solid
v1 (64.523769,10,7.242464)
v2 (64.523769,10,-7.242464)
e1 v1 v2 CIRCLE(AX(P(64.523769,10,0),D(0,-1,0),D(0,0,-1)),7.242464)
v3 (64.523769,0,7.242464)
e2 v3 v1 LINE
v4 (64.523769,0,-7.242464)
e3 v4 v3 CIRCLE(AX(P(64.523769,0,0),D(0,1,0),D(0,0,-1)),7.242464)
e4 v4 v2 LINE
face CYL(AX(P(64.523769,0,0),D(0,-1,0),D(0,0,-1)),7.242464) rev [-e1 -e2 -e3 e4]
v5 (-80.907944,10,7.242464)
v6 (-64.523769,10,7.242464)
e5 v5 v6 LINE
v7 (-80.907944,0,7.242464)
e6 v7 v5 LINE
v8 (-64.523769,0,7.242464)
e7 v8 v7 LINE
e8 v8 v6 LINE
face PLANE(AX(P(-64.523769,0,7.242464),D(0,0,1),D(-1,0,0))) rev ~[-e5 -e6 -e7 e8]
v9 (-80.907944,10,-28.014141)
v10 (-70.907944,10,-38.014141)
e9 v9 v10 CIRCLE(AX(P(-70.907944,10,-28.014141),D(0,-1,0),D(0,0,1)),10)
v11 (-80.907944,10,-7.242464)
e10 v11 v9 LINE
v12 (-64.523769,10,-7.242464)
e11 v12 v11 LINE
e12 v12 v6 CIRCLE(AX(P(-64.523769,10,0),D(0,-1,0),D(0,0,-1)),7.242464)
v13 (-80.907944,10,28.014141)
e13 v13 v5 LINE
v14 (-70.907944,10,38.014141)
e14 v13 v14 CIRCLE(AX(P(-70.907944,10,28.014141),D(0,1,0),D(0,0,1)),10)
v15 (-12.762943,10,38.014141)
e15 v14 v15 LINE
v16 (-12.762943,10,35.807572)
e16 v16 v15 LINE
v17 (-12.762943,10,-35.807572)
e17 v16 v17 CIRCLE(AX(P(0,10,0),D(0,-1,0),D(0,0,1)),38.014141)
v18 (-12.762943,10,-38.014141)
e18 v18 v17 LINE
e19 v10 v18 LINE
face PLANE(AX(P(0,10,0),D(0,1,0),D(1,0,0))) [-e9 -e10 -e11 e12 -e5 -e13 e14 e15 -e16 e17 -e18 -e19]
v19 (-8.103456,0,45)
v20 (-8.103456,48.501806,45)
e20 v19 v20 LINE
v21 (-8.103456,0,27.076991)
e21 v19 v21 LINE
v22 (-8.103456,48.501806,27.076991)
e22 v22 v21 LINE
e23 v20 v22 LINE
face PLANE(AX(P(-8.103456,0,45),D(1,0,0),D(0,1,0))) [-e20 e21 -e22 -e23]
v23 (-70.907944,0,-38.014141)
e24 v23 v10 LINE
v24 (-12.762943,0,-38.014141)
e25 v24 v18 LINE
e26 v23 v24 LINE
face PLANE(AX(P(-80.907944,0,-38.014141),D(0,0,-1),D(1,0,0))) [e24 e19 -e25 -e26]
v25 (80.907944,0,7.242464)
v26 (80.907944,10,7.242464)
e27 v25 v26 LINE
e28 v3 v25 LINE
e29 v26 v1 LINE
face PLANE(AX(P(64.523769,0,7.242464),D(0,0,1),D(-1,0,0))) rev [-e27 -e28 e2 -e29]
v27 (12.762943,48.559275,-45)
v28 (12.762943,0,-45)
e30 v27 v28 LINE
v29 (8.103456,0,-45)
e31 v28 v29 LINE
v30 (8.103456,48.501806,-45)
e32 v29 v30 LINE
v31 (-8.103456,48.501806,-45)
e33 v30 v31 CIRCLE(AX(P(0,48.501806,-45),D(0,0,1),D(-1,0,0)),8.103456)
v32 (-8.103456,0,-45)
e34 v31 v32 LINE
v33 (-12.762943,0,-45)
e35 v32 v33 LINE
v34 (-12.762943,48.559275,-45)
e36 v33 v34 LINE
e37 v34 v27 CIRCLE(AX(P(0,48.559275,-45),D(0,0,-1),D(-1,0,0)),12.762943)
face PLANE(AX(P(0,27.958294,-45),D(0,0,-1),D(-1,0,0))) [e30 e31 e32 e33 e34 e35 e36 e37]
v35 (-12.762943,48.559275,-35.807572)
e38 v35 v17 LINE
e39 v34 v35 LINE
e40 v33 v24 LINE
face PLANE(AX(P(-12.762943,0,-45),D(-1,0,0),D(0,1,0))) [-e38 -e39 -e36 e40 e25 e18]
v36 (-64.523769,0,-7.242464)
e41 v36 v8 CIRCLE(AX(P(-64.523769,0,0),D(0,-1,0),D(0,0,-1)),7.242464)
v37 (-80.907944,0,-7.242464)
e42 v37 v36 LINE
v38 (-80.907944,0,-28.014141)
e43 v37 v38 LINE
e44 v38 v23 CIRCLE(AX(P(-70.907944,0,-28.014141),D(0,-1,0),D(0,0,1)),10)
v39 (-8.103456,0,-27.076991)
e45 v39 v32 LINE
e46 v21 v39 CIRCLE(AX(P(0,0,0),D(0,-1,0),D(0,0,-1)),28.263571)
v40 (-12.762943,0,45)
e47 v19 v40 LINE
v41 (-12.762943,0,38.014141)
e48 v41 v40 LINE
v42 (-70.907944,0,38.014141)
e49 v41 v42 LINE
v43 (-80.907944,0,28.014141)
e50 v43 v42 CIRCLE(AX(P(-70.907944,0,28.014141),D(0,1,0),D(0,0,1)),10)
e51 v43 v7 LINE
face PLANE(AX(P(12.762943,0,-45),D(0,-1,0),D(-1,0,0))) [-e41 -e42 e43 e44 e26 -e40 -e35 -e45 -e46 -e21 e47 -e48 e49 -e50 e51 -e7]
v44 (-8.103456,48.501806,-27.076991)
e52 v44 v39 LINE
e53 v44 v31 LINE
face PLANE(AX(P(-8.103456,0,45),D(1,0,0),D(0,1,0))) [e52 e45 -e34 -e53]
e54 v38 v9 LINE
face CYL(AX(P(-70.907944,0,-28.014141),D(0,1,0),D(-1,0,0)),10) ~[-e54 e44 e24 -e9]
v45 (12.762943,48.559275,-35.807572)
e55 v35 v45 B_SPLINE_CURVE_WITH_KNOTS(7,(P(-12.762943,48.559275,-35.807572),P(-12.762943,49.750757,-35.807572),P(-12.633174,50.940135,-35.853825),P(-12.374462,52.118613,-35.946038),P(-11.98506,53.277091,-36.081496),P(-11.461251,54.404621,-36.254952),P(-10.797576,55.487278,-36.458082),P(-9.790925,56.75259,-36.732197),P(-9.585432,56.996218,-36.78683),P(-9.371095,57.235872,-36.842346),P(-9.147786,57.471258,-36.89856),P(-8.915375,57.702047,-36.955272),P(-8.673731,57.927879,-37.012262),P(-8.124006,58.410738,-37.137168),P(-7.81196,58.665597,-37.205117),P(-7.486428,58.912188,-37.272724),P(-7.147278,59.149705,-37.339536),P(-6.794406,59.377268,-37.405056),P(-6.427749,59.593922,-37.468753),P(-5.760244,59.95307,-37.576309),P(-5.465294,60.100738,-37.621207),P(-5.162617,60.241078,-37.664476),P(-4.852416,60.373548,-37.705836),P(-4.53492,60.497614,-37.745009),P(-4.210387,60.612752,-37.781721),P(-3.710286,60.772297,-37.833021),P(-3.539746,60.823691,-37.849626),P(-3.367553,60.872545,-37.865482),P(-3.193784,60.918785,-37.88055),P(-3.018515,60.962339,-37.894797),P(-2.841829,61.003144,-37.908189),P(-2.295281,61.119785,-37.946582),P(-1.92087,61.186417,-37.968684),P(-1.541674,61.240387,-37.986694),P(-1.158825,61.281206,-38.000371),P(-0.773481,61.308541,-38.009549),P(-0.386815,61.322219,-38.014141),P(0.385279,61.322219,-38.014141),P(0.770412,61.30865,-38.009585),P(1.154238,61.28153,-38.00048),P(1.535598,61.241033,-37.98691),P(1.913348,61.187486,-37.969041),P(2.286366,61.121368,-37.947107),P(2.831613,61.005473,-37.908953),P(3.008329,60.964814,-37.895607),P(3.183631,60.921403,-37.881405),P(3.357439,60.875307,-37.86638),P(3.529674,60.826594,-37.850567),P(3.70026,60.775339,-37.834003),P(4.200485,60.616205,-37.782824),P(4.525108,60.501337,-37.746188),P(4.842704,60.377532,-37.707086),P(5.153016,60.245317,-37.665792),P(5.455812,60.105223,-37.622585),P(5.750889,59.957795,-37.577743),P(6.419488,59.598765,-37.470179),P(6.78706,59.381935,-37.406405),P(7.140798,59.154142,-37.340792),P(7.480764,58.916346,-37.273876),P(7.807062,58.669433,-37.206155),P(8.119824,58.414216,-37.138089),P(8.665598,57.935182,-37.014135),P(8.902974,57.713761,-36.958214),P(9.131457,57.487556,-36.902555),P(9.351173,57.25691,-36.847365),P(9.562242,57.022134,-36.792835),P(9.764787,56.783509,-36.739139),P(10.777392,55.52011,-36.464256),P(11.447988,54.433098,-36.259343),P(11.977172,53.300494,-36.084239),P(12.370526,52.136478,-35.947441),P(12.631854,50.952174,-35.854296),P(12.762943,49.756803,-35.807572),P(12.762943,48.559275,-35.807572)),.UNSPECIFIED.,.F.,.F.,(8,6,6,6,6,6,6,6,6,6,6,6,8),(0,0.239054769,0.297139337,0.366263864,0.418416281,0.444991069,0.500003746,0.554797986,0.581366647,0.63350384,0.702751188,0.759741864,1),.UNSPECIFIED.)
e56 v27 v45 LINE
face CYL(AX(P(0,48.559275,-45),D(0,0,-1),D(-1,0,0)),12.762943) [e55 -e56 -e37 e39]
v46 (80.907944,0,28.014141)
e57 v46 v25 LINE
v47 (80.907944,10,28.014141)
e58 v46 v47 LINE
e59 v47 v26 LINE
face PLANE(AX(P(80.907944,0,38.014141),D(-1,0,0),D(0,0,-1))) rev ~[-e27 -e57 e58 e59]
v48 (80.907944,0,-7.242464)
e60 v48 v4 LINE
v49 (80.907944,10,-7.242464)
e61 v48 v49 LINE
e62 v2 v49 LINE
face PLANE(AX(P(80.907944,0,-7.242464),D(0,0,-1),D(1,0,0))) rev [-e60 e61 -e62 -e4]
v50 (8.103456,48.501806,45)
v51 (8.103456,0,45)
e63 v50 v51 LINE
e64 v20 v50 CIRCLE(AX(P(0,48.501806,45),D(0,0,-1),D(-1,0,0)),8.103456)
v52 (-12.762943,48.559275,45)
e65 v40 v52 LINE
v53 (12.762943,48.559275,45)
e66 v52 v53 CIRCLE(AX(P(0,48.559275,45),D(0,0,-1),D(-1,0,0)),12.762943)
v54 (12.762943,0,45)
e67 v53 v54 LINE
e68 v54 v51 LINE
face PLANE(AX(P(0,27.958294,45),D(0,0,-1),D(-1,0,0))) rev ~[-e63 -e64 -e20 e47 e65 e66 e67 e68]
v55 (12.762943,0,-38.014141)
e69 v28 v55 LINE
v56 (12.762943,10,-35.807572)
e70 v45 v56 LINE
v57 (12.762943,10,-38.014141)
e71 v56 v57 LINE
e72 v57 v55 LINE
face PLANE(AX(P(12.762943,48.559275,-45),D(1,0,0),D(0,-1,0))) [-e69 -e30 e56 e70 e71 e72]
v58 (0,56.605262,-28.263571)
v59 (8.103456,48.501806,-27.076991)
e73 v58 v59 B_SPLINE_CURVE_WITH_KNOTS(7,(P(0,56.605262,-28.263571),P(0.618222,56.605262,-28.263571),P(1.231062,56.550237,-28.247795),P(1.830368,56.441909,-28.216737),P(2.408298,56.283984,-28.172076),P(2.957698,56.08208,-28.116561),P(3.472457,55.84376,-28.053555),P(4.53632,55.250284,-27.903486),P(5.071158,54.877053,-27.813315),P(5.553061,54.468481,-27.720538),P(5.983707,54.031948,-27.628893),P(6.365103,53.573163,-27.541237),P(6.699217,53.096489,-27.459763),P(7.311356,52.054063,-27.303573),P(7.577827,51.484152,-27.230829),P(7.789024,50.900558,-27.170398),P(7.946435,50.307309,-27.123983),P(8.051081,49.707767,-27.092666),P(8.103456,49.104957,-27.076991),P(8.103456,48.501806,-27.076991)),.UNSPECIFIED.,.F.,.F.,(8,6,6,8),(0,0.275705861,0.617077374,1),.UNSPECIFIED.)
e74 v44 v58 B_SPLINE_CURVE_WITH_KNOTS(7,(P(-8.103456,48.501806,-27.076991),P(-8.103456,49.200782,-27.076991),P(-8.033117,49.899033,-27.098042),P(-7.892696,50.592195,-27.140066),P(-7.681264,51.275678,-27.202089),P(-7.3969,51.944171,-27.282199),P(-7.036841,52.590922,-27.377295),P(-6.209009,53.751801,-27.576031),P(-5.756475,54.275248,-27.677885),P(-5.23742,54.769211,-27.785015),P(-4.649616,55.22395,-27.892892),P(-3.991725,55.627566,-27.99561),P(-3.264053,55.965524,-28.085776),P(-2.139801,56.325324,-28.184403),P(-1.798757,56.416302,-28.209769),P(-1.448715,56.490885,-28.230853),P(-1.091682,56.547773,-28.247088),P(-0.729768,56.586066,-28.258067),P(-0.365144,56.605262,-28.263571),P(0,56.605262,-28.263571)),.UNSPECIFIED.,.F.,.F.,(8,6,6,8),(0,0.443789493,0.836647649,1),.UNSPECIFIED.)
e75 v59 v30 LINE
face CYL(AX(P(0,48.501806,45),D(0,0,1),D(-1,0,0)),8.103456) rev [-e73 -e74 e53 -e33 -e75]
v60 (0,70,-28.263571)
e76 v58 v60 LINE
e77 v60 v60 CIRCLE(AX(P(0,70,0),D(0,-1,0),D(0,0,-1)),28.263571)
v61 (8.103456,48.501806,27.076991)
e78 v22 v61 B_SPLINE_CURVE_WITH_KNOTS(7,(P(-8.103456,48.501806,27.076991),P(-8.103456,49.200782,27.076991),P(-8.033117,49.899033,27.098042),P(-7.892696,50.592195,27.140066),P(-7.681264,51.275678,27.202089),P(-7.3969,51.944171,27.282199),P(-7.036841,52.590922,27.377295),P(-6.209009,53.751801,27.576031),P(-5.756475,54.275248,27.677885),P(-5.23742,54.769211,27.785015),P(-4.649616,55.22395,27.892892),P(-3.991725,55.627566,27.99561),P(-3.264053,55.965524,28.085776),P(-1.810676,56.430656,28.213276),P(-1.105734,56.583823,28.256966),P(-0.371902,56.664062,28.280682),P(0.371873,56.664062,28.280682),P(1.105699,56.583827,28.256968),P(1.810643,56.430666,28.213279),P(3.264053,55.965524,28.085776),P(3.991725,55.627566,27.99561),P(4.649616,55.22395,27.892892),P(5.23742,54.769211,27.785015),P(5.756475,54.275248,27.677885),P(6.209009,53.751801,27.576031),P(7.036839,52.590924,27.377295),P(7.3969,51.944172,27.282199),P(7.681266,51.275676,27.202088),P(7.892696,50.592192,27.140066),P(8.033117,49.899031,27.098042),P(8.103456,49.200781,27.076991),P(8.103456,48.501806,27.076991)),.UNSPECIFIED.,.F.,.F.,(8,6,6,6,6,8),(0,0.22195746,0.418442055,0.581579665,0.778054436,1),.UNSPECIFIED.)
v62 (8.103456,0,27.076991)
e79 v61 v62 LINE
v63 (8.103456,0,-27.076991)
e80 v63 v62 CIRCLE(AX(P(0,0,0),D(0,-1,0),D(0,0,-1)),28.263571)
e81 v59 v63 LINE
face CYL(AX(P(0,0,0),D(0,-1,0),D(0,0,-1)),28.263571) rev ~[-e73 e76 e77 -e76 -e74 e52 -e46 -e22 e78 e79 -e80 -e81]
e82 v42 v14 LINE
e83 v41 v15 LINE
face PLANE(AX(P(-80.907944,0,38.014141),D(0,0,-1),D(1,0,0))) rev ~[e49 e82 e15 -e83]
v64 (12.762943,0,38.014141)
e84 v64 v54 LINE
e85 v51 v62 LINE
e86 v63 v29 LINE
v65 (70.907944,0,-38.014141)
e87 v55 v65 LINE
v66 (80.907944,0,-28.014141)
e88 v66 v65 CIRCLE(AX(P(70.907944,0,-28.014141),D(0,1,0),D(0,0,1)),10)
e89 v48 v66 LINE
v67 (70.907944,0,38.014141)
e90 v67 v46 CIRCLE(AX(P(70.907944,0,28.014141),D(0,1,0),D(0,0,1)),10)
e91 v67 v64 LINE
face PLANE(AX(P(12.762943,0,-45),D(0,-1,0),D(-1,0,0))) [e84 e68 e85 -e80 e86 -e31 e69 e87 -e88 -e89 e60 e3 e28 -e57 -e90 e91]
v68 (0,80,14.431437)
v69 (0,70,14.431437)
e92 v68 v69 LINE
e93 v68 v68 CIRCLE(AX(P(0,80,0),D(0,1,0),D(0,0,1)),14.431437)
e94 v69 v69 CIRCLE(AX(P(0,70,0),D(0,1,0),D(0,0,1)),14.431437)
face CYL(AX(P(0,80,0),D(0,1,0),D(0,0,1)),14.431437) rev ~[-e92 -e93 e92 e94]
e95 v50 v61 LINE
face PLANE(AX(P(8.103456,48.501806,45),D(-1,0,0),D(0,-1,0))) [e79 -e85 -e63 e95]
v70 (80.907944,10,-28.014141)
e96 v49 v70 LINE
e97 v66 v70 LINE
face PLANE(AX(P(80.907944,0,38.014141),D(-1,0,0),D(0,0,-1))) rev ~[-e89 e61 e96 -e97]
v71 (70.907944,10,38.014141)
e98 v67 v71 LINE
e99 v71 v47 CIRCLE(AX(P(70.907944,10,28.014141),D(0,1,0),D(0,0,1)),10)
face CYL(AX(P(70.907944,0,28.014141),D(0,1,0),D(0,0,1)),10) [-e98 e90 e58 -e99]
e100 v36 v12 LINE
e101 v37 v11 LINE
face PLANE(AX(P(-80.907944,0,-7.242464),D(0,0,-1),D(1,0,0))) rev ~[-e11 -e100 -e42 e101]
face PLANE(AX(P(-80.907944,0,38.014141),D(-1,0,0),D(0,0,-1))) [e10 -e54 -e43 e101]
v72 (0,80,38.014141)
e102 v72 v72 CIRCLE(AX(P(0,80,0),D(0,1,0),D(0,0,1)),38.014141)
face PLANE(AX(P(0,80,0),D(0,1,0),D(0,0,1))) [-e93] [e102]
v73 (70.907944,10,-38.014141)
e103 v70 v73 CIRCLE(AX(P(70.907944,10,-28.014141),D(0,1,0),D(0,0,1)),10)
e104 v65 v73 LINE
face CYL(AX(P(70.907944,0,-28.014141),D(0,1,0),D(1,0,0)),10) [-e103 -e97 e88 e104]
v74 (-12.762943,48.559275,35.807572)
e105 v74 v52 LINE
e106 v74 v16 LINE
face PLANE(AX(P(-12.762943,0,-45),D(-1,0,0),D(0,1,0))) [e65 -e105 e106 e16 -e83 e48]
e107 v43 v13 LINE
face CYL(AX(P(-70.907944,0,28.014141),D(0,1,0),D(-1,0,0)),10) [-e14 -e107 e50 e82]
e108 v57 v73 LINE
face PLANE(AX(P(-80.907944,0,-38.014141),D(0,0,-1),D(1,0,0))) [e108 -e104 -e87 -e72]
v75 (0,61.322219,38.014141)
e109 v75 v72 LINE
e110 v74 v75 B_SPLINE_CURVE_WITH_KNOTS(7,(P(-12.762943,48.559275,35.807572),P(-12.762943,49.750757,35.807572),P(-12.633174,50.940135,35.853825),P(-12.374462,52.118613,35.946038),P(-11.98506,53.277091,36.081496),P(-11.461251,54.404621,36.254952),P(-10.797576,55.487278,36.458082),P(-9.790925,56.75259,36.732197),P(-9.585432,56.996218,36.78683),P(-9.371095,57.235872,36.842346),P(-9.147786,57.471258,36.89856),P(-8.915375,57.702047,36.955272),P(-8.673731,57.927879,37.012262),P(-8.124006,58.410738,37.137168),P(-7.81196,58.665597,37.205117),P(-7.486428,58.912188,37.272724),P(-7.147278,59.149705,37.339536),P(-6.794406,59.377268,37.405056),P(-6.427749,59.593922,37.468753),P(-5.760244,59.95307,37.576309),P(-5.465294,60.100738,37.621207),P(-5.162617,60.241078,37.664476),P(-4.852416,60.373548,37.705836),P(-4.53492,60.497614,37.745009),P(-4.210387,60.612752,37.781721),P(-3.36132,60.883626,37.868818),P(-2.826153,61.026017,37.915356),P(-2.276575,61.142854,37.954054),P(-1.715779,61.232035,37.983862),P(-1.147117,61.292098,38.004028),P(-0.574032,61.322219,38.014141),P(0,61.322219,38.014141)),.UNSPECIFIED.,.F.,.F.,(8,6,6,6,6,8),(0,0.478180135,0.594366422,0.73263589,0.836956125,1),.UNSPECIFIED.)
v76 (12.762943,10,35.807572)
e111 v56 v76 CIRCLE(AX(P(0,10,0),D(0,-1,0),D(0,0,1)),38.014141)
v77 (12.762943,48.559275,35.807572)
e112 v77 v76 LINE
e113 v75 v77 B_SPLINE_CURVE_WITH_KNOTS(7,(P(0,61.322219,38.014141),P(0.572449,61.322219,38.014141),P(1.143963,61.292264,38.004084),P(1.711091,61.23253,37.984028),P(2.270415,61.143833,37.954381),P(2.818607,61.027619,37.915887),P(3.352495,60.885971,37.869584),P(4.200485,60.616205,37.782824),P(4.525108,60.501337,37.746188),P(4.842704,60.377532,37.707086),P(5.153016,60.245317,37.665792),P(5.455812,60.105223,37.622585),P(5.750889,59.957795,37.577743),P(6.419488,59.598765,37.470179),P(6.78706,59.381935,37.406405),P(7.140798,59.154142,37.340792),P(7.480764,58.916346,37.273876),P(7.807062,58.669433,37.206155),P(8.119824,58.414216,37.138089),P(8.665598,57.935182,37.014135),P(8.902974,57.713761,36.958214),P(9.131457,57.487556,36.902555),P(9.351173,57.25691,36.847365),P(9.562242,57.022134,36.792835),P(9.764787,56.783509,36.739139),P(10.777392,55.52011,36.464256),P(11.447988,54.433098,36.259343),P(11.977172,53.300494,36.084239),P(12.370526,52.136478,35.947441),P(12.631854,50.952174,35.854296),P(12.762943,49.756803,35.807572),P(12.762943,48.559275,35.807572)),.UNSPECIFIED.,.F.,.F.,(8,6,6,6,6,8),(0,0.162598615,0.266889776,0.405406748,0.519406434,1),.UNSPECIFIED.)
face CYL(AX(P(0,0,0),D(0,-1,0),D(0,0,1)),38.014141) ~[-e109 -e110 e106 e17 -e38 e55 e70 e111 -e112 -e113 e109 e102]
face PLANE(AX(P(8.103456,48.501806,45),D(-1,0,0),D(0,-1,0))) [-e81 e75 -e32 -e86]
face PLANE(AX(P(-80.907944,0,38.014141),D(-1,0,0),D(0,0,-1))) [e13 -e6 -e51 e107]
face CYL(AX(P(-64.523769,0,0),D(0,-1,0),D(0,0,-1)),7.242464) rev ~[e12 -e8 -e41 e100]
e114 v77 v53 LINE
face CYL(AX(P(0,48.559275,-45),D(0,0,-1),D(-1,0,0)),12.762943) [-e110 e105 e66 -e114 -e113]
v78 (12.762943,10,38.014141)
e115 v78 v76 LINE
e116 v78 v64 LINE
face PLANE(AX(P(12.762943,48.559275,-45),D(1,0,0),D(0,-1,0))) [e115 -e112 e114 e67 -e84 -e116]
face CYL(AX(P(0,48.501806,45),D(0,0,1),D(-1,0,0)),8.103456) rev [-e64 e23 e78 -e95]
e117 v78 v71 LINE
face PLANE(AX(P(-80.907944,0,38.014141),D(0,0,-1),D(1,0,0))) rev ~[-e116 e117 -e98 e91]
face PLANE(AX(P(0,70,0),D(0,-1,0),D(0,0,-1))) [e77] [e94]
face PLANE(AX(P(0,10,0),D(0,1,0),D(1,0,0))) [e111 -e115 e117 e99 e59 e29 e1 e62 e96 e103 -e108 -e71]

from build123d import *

# Parameters (mm, degrees)
SKETCH_1_W           = 161.815887324
SKETCH_1_H           = 76.02828169
EXTRUDE_1_DEPTH      = 10
FILLET_1_R           = 10
CUT_EXTRUDE_5_DEPTH  = 27
SKETCH_5_R           = 38.014140845
EXTRUDE_2_DEPTH      = 80
EXTRUDE_4_DEPTH      = 45
EXTRUDE_4_DEPTH_BACK = 45
CUT_EXTRUDE_6_DEPTH  = 119
SKETCH_11_R          = 28.263571039
CUT_EXTRUDE_8_DEPTH  = 70
SKETCH_12_R          = 14.431437431
CUT_EXTRUDE_9_DEPTH  = 70


with BuildPart() as part:
    # 草图1 → 凸台-拉伸1 (new body)
    with BuildSketch(Plane(origin=(0, 0, 0), x_dir=(1, 0, 0), z_dir=(0, 1, 0))):
        Rectangle(SKETCH_1_W, SKETCH_1_H)
    extrude(amount=EXTRUDE_1_DEPTH)

    # 圆角1
    fillet_1_edges = [part.edges().sort_by_distance(p)[0] for p in [
        (80.907943662, 5, 38.014140845),
        (-80.907943662, 5, 38.014140845),
        (-80.907943662, 5, -38.014140845),
        (80.907943662, 5, -38.014140845),
    ]]
    fillet(fillet_1_edges, radius=FILLET_1_R)

    # 草图4 → 切除-拉伸5 (cut)
    with BuildSketch(Plane(origin=(0, 0, 0), x_dir=(1, 0, 0), z_dir=(0, 1, 0))):
        with BuildLine():
            Line((-80.907943662, 7.242463814), (-64.523768529, 7.242463814))
            ThreePointArc((-64.523768529, 7.242463814), (-57.281304715, 0), (-64.523768529, -7.242463814))
            Line((-64.523768529, -7.242463814), (-80.907943662, -7.242463814))
            Line((-80.907943662, -7.242463814), (-80.907943662, 7.242463814))
        make_face()
    cut_extrude_5 = extrude(amount=CUT_EXTRUDE_5_DEPTH, mode=Mode.SUBTRACT)

    # 镜向7: 切除-拉伸5 across plane
    add(cut_extrude_5.mirror(Plane(origin=(0, 0, 0), x_dir=(0, 0, 1), z_dir=(1, 0, 0))), mode=Mode.SUBTRACT)

    # 草图5 → 凸台-拉伸2 (add)
    with BuildSketch(Plane(origin=(0, 0, 0), x_dir=(1, 0, 0), z_dir=(0, 1, 0))):
        with Locations(Location((0, 0, 0), (0, 0, 270))):
            Circle(SKETCH_5_R)
    extrude(amount=EXTRUDE_2_DEPTH)

    # 草图6 → 凸台-拉伸4 (add, two sides: drawn at the far end of the back side and taken through both)
    with BuildSketch(Plane.XY.offset(-EXTRUDE_4_DEPTH_BACK)):
        with BuildLine():
            Line((-12.762943226, 0), (-12.762943226, 48.559275417))
            ThreePointArc((-12.762943226, 48.559275417), (0, 61.322218643), (12.762943226, 48.559275417))
            Line((12.762943226, 48.559275417), (12.762943226, 0))
            Line((12.762943226, 0), (-12.762943226, 0))
        make_face()
    extrude(amount=EXTRUDE_4_DEPTH + EXTRUDE_4_DEPTH_BACK)

    # 草图9 → 切除-拉伸6 (cut)
    with BuildSketch(Plane.XY.offset(45)):
        with BuildLine():
            Line((-8.103456016, 0), (-8.103456016, 48.501805974))
            ThreePointArc((-8.103456016, 48.501805974), (0, 56.60526199), (8.103456016, 48.501805974))
            Line((8.103456016, 48.501805974), (8.103456016, 0))
            Line((8.103456016, 0), (-8.103456016, 0))
        make_face()
    extrude(amount=-CUT_EXTRUDE_6_DEPTH, mode=Mode.SUBTRACT)

    # 草图11 → 切除-拉伸8 (cut)
    with BuildSketch(Plane.XZ):
        with Locations(Location((0, 0, 0), (0, 0, 270))):
            Circle(SKETCH_11_R)
    extrude(amount=-CUT_EXTRUDE_8_DEPTH, mode=Mode.SUBTRACT)

    # 草图12 → 切除-拉伸9 (cut)
    with BuildSketch(Plane(origin=(0, 80, 0), x_dir=(1, 0, 0), z_dir=(0, 1, 0))):
        with Locations(Location((0, 0, 0), (0, 0, 270))):
            Circle(SKETCH_12_R)
    extrude(amount=-CUT_EXTRUDE_9_DEPTH, mode=Mode.SUBTRACT)


solid = part.part
